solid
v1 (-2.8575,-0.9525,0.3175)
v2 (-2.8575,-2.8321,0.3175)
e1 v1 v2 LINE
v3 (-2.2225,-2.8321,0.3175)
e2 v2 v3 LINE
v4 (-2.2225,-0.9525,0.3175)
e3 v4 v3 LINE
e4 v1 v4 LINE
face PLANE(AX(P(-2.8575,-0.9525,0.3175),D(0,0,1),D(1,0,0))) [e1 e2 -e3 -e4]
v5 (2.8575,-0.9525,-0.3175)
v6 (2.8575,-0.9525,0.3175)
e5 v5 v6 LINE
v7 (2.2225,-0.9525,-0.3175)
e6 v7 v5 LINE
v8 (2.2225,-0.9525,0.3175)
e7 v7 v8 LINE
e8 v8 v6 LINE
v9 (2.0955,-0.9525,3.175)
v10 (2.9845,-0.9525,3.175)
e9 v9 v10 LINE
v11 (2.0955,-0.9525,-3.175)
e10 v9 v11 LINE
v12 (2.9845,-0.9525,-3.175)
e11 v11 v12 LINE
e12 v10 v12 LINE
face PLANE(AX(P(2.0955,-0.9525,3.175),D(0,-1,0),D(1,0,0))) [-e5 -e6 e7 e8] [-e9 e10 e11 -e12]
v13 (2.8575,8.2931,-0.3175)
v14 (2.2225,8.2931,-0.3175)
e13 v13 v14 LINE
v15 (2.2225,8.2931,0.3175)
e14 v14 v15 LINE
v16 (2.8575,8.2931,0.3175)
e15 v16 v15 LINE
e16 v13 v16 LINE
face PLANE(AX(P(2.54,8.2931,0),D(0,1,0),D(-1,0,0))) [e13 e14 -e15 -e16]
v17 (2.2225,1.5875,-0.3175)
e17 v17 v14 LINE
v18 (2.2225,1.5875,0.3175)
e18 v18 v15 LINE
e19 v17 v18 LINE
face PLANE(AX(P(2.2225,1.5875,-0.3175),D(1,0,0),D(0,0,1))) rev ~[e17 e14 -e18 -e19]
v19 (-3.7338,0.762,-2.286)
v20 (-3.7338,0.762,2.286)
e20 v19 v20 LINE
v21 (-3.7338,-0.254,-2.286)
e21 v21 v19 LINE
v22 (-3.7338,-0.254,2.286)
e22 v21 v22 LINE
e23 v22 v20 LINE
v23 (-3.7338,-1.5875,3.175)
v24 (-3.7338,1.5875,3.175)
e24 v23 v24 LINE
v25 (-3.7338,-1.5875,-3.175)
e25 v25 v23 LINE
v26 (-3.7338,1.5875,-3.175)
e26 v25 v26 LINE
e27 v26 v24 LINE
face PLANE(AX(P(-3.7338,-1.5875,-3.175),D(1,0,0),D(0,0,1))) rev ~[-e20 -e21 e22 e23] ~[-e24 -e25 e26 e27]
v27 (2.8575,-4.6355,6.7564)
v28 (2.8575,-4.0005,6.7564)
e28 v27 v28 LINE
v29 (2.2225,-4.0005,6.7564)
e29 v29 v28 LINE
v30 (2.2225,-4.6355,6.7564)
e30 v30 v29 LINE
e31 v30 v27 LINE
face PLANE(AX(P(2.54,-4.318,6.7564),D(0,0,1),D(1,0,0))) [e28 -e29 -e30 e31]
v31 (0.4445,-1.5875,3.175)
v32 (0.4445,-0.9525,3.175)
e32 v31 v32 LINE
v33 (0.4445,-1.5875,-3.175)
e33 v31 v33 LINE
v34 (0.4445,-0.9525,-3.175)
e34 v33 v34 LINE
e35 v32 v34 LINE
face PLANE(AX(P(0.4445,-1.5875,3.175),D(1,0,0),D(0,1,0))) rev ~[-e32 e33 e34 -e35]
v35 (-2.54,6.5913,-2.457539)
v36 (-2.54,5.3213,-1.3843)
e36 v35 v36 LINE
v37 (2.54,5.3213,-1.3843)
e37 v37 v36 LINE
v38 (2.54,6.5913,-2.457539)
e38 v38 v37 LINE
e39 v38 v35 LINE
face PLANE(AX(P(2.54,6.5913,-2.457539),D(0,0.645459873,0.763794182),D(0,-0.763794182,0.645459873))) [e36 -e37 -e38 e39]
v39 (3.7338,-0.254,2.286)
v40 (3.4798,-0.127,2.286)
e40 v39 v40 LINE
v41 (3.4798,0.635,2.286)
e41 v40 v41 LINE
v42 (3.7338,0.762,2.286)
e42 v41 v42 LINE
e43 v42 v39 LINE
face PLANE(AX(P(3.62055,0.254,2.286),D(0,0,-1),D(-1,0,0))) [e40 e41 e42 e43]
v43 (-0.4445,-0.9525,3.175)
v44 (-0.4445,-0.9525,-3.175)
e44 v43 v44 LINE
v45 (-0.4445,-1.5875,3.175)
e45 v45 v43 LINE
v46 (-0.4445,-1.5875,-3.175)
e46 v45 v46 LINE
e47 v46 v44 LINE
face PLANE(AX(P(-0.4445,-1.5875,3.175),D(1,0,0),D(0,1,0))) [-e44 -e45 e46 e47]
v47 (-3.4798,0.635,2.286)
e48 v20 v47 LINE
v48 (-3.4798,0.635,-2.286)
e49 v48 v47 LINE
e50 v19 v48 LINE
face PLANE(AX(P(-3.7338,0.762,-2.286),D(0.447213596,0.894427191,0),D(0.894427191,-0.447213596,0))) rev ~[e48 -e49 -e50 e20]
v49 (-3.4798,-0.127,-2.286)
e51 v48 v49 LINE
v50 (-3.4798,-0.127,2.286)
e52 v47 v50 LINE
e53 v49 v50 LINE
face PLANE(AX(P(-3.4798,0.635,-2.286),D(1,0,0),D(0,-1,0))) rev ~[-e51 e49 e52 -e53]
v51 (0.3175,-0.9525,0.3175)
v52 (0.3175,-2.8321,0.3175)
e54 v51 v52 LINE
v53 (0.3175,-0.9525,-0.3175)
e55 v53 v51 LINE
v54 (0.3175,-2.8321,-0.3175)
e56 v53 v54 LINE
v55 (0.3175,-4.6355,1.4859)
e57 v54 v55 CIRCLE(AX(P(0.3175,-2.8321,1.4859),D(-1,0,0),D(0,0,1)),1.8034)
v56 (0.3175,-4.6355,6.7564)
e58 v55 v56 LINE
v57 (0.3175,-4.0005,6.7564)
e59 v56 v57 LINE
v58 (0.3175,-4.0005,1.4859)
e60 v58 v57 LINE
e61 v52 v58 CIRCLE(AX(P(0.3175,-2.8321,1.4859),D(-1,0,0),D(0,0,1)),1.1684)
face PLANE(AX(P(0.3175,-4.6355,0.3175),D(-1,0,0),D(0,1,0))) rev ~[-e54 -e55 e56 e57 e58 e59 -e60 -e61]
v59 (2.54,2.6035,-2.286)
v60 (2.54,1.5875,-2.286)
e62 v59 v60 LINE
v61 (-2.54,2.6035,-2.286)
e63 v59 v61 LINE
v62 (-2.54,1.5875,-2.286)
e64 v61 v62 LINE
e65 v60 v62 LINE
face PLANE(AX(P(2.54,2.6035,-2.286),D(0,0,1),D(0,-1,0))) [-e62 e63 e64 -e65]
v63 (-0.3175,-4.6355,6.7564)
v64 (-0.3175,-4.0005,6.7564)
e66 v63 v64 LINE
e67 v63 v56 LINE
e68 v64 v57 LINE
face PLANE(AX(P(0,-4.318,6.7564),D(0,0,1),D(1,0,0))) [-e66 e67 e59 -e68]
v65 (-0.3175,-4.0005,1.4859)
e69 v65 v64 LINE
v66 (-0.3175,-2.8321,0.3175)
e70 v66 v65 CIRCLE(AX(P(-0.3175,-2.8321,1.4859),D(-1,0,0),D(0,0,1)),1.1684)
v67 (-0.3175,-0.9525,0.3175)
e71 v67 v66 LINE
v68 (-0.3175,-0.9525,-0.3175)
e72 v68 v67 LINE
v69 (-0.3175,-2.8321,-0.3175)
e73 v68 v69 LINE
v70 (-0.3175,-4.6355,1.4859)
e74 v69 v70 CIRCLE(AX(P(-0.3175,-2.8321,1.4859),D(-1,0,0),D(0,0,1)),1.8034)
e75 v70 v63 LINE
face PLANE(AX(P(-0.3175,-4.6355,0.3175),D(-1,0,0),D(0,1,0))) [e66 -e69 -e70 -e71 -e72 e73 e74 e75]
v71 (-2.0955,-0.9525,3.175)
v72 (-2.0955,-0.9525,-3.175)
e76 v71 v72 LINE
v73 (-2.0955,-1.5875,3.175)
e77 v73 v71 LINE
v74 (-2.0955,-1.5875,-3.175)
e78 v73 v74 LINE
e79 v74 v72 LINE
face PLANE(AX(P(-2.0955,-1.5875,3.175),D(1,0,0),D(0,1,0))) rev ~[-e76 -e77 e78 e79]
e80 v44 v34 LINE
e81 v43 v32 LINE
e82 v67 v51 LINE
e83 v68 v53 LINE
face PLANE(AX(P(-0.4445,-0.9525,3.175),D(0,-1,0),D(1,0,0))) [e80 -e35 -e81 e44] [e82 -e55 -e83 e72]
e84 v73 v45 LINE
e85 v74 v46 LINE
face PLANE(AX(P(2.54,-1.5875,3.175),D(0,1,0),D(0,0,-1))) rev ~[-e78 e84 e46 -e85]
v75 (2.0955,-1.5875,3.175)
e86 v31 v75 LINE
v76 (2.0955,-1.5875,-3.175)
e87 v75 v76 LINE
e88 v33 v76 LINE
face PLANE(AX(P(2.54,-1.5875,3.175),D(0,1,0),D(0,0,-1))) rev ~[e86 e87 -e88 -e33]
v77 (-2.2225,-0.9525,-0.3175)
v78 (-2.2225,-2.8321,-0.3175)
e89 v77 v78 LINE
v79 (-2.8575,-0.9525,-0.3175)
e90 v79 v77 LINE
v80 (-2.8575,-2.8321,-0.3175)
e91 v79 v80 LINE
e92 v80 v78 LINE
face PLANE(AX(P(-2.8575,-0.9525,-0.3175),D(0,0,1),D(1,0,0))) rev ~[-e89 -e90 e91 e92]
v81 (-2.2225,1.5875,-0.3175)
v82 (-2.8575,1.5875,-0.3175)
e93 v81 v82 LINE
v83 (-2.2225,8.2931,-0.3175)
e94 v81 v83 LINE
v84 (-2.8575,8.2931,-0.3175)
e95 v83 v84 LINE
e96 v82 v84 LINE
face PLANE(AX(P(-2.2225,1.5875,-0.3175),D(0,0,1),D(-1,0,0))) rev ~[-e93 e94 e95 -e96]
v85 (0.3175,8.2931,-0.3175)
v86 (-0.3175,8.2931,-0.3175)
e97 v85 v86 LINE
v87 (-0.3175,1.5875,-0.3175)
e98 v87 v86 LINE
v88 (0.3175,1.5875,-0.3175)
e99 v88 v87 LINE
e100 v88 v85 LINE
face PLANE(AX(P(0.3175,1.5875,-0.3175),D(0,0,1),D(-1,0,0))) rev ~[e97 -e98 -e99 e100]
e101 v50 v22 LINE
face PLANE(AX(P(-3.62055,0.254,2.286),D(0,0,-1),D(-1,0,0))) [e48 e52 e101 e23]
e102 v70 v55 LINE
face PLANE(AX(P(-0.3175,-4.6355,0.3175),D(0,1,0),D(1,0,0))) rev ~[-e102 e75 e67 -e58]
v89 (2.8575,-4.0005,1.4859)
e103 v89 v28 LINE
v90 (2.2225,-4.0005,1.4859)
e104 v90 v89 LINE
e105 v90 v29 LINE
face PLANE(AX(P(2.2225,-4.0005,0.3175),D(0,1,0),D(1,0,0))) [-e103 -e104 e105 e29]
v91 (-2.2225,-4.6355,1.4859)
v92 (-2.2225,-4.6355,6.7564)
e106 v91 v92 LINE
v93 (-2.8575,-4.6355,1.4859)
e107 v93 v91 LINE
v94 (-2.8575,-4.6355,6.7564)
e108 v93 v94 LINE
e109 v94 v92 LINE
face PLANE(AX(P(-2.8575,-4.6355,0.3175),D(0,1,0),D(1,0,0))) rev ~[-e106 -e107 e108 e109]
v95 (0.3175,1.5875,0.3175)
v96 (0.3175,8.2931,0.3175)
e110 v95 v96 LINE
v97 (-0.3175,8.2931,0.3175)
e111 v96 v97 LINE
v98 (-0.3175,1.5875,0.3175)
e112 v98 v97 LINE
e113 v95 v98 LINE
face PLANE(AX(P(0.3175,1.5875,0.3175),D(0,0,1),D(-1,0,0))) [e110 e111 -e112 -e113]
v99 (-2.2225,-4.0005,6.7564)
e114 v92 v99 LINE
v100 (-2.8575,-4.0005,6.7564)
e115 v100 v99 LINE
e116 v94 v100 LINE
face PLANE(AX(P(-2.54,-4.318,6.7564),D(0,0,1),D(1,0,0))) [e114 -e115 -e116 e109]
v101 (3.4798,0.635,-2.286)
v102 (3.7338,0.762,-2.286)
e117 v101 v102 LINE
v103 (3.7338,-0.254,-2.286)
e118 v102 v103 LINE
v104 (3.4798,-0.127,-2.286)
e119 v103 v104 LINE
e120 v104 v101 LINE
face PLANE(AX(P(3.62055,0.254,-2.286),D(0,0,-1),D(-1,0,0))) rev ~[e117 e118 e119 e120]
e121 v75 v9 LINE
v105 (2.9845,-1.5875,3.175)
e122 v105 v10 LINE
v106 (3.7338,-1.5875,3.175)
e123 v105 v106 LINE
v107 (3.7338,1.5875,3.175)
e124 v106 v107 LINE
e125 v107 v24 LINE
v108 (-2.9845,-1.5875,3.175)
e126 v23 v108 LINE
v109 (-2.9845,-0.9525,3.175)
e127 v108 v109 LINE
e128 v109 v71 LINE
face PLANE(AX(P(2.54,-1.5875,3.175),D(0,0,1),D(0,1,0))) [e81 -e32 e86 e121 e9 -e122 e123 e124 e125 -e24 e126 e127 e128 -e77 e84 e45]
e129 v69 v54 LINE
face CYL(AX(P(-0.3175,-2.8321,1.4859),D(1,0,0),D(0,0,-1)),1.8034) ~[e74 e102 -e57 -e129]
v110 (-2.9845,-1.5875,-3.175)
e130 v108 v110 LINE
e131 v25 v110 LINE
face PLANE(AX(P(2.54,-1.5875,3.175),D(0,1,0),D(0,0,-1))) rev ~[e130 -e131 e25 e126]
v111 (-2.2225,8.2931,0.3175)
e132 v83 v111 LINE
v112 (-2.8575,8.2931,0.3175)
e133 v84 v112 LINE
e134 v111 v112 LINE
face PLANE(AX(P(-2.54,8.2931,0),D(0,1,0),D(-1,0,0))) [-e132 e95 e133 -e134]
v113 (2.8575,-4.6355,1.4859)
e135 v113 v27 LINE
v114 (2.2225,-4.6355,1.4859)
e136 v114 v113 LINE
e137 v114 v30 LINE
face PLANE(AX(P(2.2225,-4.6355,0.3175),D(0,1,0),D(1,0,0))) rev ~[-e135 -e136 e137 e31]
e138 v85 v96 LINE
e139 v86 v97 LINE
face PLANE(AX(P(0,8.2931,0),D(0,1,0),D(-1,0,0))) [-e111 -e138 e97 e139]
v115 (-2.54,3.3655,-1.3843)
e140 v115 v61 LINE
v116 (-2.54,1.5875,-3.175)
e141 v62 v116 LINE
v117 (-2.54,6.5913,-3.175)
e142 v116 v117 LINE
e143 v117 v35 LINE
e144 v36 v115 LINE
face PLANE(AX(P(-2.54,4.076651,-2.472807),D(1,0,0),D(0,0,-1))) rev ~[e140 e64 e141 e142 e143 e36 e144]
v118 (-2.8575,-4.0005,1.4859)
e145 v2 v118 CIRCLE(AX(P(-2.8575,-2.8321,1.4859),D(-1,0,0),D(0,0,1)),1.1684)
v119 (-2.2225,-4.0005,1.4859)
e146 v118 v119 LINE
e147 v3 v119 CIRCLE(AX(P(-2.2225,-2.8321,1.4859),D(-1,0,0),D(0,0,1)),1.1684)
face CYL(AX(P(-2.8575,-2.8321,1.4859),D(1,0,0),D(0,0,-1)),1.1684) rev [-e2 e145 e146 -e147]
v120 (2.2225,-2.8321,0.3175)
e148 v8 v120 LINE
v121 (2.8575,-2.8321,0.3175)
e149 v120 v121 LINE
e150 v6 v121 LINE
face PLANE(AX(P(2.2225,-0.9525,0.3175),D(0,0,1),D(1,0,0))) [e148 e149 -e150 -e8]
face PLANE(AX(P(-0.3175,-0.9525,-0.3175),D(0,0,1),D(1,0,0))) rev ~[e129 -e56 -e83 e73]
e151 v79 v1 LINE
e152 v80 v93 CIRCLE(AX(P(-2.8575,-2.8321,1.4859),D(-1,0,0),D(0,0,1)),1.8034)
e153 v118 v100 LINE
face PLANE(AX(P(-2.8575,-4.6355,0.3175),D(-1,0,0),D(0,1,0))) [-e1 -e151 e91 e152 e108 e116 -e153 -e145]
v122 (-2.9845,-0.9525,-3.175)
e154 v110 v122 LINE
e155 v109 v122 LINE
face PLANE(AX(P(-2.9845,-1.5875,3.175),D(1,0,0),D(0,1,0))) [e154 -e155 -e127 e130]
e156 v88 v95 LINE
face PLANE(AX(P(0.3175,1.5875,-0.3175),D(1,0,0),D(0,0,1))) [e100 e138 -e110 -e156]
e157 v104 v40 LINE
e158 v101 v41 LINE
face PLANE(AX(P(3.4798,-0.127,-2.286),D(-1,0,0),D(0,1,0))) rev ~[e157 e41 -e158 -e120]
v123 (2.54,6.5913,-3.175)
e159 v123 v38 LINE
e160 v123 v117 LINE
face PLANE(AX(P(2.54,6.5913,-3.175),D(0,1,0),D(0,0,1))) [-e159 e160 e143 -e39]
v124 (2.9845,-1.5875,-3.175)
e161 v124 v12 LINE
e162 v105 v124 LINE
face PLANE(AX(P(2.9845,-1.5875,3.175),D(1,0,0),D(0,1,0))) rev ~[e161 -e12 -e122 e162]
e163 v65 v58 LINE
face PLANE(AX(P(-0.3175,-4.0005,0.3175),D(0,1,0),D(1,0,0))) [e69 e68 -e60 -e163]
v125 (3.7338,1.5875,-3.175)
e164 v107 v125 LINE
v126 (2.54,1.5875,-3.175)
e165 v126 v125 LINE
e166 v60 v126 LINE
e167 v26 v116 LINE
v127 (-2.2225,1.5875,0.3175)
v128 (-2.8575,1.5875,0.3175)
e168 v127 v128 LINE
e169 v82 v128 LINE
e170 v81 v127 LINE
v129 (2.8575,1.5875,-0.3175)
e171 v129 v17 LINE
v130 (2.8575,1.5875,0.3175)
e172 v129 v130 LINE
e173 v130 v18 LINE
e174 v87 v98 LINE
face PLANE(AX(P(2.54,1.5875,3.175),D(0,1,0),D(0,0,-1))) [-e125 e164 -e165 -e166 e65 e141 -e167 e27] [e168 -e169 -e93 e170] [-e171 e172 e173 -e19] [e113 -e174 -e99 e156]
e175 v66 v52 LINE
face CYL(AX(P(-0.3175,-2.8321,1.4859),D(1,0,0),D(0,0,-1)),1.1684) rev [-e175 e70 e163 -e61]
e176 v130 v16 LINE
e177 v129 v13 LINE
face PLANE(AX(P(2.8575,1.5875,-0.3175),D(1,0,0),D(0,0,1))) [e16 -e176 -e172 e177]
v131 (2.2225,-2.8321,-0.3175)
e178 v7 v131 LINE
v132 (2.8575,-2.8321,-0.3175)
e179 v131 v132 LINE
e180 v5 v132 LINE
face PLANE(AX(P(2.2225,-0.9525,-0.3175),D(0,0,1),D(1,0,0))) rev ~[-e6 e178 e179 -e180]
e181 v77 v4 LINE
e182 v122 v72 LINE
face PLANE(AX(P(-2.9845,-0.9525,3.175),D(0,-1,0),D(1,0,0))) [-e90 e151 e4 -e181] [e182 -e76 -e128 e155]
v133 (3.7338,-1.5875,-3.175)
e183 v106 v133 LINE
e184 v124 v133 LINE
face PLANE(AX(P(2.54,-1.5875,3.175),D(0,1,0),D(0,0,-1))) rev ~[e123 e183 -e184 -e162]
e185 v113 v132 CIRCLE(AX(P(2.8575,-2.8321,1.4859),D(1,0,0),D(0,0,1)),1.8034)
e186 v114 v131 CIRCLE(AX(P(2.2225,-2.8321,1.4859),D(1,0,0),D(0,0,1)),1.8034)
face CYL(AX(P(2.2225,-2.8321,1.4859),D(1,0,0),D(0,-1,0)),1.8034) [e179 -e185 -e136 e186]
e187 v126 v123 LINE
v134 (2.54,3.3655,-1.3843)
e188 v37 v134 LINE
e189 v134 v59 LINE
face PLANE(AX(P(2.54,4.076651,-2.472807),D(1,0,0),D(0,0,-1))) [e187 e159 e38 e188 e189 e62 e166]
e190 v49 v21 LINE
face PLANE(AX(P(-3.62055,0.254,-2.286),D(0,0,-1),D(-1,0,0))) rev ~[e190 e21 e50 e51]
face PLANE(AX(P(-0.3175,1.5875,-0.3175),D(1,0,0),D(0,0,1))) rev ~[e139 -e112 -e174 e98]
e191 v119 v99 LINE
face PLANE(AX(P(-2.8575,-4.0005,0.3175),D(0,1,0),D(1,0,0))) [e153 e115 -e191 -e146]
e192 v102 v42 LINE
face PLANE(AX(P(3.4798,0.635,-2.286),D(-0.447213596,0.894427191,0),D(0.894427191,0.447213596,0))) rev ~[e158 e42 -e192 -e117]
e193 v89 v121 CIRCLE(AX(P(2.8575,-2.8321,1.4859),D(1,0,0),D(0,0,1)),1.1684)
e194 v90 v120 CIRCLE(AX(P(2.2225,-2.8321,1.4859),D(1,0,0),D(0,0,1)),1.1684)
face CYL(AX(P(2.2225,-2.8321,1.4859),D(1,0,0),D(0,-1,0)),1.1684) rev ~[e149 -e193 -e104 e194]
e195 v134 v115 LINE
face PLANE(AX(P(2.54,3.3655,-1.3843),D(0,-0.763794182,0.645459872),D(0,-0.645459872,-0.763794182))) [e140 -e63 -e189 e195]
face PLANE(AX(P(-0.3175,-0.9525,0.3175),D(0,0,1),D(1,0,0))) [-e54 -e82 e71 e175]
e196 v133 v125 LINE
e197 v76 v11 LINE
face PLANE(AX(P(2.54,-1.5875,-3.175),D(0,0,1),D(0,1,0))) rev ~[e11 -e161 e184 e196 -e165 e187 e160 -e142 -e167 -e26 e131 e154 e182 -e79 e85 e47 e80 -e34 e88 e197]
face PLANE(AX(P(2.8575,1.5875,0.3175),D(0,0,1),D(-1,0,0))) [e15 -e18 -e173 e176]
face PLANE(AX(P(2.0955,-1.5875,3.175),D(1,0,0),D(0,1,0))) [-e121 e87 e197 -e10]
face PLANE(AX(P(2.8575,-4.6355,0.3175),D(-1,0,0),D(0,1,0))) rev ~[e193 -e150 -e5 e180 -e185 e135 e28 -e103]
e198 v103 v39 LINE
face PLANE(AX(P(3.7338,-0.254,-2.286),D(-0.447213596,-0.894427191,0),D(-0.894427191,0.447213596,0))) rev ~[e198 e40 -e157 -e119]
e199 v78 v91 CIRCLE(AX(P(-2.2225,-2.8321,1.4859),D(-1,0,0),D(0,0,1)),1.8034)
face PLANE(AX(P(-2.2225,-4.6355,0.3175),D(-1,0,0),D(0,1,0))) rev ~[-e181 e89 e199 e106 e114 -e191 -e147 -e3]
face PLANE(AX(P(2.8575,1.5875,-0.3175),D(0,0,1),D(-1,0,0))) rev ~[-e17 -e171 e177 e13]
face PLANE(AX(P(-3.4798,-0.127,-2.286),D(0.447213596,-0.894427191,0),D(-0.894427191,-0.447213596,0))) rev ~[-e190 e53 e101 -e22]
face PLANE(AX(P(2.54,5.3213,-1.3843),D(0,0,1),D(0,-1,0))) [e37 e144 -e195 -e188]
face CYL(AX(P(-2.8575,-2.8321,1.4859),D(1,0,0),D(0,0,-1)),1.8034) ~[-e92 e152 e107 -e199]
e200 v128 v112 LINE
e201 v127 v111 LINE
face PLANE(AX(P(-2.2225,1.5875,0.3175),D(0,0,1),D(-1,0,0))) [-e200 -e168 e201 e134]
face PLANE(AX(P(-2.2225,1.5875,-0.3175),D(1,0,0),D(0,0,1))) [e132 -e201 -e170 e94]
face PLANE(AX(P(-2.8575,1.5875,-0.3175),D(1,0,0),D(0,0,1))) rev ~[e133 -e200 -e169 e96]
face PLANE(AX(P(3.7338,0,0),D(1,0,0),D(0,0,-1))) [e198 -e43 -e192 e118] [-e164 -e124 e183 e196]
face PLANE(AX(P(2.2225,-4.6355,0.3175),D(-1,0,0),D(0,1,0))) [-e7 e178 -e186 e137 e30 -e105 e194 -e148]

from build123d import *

# Parameters (mm, degrees)
SKETCH1_W            = 6.2738
SKETCH1_H            = 6.35
BOSS_EXTRUDE1_DEPTH  = 3.175
BOSS_EXTRUDE2_DEPTH  = 5.08
SKETCH3_W            = 6.35
SKETCH3_H            = 3.175
BOSS_EXTRUDE3_DEPTH  = 1.1938
SKETCH4_W            = 0.889
SKETCH4_H            = 0.635
CUT_EXTRUDE1_DEPTH   = 10.884786195
SKETCH5_W            = 0.635
SKETCH5_H            = 0.635
BOSS_EXTRUDE4_DEPTH  = 3.683
SKETCH6_W            = 0.635
SKETCH6_H            = 0.635
BOSS_EXTRUDE5_DEPTH  = 6.4389
SKETCH7_W            = 0.889
SKETCH7_H            = 0.635
CUT_EXTRUDE2_DEPTH   = 10.884786195
SKETCH8_W            = 0.635
SKETCH8_H            = 0.635
BOSS_EXTRUDE6_DEPTH  = 3.683
SKETCH9_W            = 0.635
SKETCH9_H            = 0.635
BOSS_EXTRUDE7_DEPTH  = 6.4389
SKETCH10_W           = 0.889
SKETCH10_H           = 0.635
CUT_EXTRUDE3_DEPTH   = 10.884786195
SKETCH11_W           = 0.635
SKETCH11_H           = 0.635
BOSS_EXTRUDE8_DEPTH  = 3.683
SKETCH12_W           = 0.635
SKETCH12_H           = 0.635
BOSS_EXTRUDE9_DEPTH  = 6.4389
SKETCH13_W           = 0.635
SKETCH13_H           = 0.635
BOSS_EXTRUDE10_DEPTH = 6.7056
SKETCH14_W           = 0.635
SKETCH14_H           = 0.635
BOSS_EXTRUDE11_DEPTH = 6.7056
SKETCH15_W           = 0.635
SKETCH15_H           = 0.635
BOSS_EXTRUDE12_DEPTH = 6.7056
CUT_EXTRUDE4_DEPTH   = 4.572
CUT_EXTRUDE5_DEPTH   = 4.572
FILLET1_R            = 1.1684
FILLET2_R            = 1.8034


with BuildPart() as part:
    # Sketch1 → Boss-Extrude1 (new body)
    with BuildSketch(Plane.XZ.offset(1.5875)):
        with Locations((-0.5969, 0)):
            Rectangle(SKETCH1_W, SKETCH1_H)
    extrude(amount=-BOSS_EXTRUDE1_DEPTH)

    # Sketch2 → Boss-Extrude2 (add)
    with BuildSketch(Plane(origin=(2.54, 0, 0), x_dir=(0, 0, -1), z_dir=(1, 0, 0))):
        Polygon((1.3843, 3.3655), (2.286, 2.6035), (2.286, 1.5875), (3.175, 1.5875), (3.175, 6.5913), (2.457539437, 6.5913), (1.3843, 5.3213), align=None)
    extrude(amount=-BOSS_EXTRUDE2_DEPTH)

    # Sketch3 → Boss-Extrude3 (add)
    with BuildSketch(Plane(origin=(2.54, 0, 0), x_dir=(0, 0, -1), z_dir=(1, 0, 0))):
        Rectangle(SKETCH3_W, SKETCH3_H)
    extrude(amount=BOSS_EXTRUDE3_DEPTH)

    # Sketch4 → Cut-Extrude1 (cut, through all)
    with BuildSketch(Plane.XY.offset(3.175)):
        with Locations((0, -1.27)):
            Rectangle(SKETCH4_W, SKETCH4_H)
    extrude(amount=-CUT_EXTRUDE1_DEPTH, mode=Mode.SUBTRACT)

    # Sketch5 → Boss-Extrude4 (add)
    with BuildSketch(Plane.XZ.offset(0.9525)):
        Rectangle(SKETCH5_W, SKETCH5_H)
    extrude(amount=BOSS_EXTRUDE4_DEPTH)

    # Sketch6 → Boss-Extrude5 (add)
    with BuildSketch(Plane.XY.offset(0.3175)):
        with Locations((0, -4.318)):
            Rectangle(SKETCH6_W, SKETCH6_H)
    extrude(amount=BOSS_EXTRUDE5_DEPTH)

    # Sketch7 → Cut-Extrude2 (cut, through all)
    with BuildSketch(Plane.XY.offset(3.175)):
        with Locations((-2.54, -1.27)):
            Rectangle(SKETCH7_W, SKETCH7_H)
    extrude(amount=-CUT_EXTRUDE2_DEPTH, mode=Mode.SUBTRACT)

    # Sketch8 → Boss-Extrude6 (add)
    with BuildSketch(Plane.XZ.offset(0.9525)):
        with Locations((-2.54, 0)):
            Rectangle(SKETCH8_W, SKETCH8_H)
    extrude(amount=BOSS_EXTRUDE6_DEPTH)

    # Sketch9 → Boss-Extrude7 (add)
    with BuildSketch(Plane.XY.offset(0.3175)):
        with Locations((-2.54, -4.318)):
            Rectangle(SKETCH9_W, SKETCH9_H)
    extrude(amount=BOSS_EXTRUDE7_DEPTH)

    # Sketch10 → Cut-Extrude3 (cut, through all)
    with BuildSketch(Plane.XY.offset(3.175)):
        with Locations((2.54, -1.27)):
            Rectangle(SKETCH10_W, SKETCH10_H)
    extrude(amount=-CUT_EXTRUDE3_DEPTH, mode=Mode.SUBTRACT)

    # Sketch11 → Boss-Extrude8 (add)
    with BuildSketch(Plane.XZ.offset(0.9525)):
        with Locations((2.54, 0)):
            Rectangle(SKETCH11_W, SKETCH11_H)
    extrude(amount=BOSS_EXTRUDE8_DEPTH)

    # Sketch12 → Boss-Extrude9 (add)
    with BuildSketch(Plane.XY.offset(0.3175)):
        with Locations((2.54, -4.318)):
            Rectangle(SKETCH12_W, SKETCH12_H)
    extrude(amount=BOSS_EXTRUDE9_DEPTH)

    # Sketch13 → Boss-Extrude10 (add)
    with BuildSketch(Plane(origin=(0, 1.5875, 0), x_dir=(-1, 0, 0), z_dir=(0, 1, 0))):
        with Locations((2.54, 0)):
            Rectangle(SKETCH13_W, SKETCH13_H)
    extrude(amount=BOSS_EXTRUDE10_DEPTH)

    # Sketch14 → Boss-Extrude11 (add)
    with BuildSketch(Plane(origin=(0, 1.5875, 0), x_dir=(-1, 0, 0), z_dir=(0, 1, 0))):
        Rectangle(SKETCH14_W, SKETCH14_H)
    extrude(amount=BOSS_EXTRUDE11_DEPTH)

    # Sketch15 → Boss-Extrude12 (add)
    with BuildSketch(Plane(origin=(0, 1.5875, 0), x_dir=(-1, 0, 0), z_dir=(0, 1, 0))):
        with Locations((-2.54, 0)):
            Rectangle(SKETCH15_W, SKETCH15_H)
    extrude(amount=BOSS_EXTRUDE12_DEPTH)

    # Sketch16 → Cut-Extrude4 (cut)
    with BuildSketch(Plane(origin=(0, 0, -2.286), x_dir=(-1, 0, 0), z_dir=(0, 0, -1))):
        Polygon((3.7338, 0.762), (3.4798, 0.635), (3.4798, -0.127), (3.7338, -0.254), align=None)
    extrude(amount=-CUT_EXTRUDE4_DEPTH, mode=Mode.SUBTRACT)

    # Sketch17 → Cut-Extrude5 (cut)
    with BuildSketch(Plane(origin=(0, 0, -2.286), x_dir=(-1, 0, 0), z_dir=(0, 0, -1))):
        Polygon((-3.7338, -0.254), (-3.4798, -0.127), (-3.4798, 0.635), (-3.7338, 0.762), align=None)
    extrude(amount=-CUT_EXTRUDE5_DEPTH, mode=Mode.SUBTRACT)

    # Fillet1
    fillet1_edges = [part.edges().sort_by_distance(p)[0] for p in [
        (-2.54, -4.0005, 0.3175),
        (2.54, -4.0005, 0.3175),
        (0, -4.0005, 0.3175),
    ]]
    fillet(fillet1_edges, radius=FILLET1_R)

    # Fillet2
    fillet2_edges = [part.edges().sort_by_distance(p)[0] for p in [
        (-2.54, -4.6355, -0.3175),
        (2.54, -4.6355, -0.3175),
        (0, -4.6355, -0.3175),
    ]]
    fillet(fillet2_edges, radius=FILLET2_R)


solid = part.part
